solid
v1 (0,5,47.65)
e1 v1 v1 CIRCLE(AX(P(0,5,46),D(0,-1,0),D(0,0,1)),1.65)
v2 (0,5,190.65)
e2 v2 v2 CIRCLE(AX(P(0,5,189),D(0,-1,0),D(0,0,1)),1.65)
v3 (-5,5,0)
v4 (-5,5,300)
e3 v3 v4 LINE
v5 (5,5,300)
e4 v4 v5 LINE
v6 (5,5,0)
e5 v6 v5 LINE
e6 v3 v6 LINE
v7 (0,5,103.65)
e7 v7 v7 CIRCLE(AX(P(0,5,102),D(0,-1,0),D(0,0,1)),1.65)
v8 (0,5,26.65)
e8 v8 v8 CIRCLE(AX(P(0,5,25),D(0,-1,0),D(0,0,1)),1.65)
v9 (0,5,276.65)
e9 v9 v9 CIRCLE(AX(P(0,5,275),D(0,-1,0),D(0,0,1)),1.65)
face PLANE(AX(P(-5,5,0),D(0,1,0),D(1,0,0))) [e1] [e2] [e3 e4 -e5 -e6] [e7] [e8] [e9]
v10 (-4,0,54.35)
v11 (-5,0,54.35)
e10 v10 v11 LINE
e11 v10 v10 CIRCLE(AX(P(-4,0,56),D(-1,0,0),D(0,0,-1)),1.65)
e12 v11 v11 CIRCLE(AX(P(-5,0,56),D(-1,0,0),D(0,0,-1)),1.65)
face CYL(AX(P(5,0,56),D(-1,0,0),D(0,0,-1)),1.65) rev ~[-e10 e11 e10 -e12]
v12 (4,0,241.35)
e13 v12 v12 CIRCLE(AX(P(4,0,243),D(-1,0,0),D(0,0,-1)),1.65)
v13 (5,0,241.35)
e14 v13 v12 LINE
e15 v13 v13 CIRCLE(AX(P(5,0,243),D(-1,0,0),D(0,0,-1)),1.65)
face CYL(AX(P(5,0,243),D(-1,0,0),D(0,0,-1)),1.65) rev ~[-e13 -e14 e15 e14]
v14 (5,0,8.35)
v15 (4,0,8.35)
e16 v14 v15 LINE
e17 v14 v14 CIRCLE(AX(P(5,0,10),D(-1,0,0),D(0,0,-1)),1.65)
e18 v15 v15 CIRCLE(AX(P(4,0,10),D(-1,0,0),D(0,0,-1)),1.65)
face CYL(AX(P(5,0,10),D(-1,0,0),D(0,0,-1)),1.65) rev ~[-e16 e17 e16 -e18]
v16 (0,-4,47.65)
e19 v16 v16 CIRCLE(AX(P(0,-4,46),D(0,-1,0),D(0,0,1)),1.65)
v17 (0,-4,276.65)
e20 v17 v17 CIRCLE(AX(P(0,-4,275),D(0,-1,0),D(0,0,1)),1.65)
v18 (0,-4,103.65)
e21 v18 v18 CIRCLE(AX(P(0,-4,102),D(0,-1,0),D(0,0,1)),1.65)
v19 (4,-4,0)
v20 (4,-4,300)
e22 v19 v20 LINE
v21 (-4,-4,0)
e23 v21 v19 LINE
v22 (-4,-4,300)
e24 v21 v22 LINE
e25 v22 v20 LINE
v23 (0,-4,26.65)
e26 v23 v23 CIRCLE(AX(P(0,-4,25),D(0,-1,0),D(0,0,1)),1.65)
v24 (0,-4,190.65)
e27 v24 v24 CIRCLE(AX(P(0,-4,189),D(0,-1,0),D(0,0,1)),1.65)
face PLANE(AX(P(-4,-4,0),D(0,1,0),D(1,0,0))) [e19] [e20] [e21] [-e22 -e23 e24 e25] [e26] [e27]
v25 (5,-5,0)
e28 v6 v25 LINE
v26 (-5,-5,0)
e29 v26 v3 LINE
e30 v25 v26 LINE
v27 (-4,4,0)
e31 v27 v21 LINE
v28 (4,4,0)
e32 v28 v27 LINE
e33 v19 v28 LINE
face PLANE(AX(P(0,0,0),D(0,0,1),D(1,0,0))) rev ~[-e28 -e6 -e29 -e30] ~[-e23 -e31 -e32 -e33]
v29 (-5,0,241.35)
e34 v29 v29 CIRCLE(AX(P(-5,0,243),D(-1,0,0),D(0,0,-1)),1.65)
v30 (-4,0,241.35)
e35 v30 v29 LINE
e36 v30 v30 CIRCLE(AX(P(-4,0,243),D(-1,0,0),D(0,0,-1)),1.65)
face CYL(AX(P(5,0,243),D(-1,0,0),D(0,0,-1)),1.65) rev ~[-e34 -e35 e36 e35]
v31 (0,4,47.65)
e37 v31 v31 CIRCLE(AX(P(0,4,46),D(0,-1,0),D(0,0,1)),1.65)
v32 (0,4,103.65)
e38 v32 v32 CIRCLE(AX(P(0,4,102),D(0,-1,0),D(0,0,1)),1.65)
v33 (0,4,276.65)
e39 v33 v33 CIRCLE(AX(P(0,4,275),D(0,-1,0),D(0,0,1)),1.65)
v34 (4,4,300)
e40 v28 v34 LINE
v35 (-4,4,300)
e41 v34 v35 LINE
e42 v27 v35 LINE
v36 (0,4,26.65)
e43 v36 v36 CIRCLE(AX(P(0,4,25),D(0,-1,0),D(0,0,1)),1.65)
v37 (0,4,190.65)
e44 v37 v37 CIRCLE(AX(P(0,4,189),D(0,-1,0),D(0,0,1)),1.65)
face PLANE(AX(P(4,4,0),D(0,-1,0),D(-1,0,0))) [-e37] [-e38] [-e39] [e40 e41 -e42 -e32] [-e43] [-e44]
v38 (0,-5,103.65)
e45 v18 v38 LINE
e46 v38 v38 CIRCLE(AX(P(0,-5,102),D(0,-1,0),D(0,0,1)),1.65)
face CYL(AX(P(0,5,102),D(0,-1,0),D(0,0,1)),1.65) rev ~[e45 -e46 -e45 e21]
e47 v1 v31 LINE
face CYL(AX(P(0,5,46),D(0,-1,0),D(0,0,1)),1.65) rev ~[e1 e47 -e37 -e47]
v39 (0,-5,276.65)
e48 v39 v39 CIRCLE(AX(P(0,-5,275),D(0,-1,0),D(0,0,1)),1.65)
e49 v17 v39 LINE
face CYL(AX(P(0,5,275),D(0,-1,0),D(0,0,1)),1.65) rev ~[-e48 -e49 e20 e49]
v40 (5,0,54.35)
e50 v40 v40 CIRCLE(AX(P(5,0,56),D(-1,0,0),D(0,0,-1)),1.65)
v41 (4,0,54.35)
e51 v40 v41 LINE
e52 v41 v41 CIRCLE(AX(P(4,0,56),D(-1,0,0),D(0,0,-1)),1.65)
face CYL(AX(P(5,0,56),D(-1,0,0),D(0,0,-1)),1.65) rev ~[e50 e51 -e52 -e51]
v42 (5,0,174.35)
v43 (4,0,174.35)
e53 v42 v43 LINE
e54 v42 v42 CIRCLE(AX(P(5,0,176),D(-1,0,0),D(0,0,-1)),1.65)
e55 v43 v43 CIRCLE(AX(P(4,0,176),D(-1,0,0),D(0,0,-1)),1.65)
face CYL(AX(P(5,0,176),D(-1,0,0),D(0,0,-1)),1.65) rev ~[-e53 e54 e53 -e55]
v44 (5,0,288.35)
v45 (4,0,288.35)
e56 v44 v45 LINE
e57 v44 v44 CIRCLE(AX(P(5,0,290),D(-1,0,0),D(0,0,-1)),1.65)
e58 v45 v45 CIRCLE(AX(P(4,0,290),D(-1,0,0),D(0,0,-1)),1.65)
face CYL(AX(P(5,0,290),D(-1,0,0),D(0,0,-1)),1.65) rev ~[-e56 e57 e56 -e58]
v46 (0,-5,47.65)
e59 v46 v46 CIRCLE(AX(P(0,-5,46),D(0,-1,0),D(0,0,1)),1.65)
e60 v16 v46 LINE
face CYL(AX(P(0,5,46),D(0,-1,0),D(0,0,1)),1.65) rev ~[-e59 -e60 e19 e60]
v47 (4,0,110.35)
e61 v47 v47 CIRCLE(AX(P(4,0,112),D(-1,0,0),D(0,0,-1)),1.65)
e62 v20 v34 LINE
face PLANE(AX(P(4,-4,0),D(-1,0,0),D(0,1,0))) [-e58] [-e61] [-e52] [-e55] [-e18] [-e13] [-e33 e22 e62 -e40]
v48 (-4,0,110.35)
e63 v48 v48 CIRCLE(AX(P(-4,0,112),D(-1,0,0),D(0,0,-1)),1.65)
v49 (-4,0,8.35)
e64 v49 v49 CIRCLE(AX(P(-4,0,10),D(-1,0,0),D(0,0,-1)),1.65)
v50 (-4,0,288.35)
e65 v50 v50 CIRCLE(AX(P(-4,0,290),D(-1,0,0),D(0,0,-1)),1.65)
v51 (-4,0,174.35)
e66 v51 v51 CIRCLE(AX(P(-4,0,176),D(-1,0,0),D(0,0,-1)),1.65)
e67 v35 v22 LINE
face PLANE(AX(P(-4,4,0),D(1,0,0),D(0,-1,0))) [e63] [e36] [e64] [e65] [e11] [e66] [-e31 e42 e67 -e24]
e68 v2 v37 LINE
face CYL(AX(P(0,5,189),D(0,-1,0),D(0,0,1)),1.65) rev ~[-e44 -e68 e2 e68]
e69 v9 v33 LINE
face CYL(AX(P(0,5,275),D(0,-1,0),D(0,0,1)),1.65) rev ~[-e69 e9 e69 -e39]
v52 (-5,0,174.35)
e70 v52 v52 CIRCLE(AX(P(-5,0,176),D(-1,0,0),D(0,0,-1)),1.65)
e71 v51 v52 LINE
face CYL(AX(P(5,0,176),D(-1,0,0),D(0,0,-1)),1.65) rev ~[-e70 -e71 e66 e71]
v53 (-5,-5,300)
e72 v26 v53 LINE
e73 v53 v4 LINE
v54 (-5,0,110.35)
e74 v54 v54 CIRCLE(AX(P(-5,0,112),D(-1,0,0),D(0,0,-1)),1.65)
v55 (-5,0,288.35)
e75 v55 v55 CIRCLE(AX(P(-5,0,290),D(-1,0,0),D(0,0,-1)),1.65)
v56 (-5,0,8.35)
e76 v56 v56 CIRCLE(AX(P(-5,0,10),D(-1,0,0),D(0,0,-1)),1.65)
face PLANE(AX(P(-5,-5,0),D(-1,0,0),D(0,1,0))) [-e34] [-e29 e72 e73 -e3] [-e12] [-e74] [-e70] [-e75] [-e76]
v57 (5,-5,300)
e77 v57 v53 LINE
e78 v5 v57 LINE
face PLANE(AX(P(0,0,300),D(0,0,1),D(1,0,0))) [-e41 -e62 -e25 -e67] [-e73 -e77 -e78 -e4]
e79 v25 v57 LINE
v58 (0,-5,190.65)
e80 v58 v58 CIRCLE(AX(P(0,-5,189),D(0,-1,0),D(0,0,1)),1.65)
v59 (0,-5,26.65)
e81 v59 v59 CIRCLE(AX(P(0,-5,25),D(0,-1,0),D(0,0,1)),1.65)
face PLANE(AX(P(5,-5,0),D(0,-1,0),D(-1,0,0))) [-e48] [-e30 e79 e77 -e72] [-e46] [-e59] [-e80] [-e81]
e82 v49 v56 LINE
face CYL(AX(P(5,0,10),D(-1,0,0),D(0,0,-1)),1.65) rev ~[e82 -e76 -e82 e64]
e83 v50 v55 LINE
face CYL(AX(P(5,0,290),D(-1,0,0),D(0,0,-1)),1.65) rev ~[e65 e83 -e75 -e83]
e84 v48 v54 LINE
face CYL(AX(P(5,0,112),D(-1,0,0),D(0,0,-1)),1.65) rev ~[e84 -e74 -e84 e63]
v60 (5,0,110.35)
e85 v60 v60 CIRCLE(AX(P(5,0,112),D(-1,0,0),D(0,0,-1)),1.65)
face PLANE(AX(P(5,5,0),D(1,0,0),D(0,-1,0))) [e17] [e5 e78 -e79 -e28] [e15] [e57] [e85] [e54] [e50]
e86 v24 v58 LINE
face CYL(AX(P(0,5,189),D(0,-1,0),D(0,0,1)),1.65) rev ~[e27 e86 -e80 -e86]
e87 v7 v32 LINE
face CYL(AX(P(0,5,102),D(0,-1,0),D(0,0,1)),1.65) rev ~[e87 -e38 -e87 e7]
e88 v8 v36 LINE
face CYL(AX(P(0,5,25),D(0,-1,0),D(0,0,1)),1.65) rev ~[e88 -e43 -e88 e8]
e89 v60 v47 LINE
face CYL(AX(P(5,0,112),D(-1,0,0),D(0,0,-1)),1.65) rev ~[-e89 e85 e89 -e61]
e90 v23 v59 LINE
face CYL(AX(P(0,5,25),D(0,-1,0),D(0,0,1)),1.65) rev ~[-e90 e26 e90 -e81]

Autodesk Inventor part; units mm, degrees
ref_plane "YZ Plane" through (0, 0, 0) normal (1, 0, 0) x (0, 1, 0)
ref_plane "XZ Plane" through (0, 0, 0) normal (0, 1, 0) x (-1, 0, 0)
ref_plane "XY Plane" through (0, 0, 0) normal (0, 0, 1) x (1, 0, 0)
sketch "スケッチ1" plane through (0, 0, 0) normal (0, 0, 1) x (1, 0, 0)
  line L0 (5, -5) -> (-5, -5)
  line L1 (-5, -5) -> (-5, 5)
  line L2 (-5, 5) -> (5, 5)
  line L3 (5, 5) -> (5, -5)
  line L4 (5, -5) -> (-5, 5) construction
  line L5 (-5, -5) -> (5, 5) construction
  line L6 (4, 4) -> (-4, 4)
  line L7 (-4, 4) -> (-4, -4)
  line L8 (-4, -4) -> (4, -4)
  line L9 (4, -4) -> (4, 4)
  point P0 (0, 0)
  dimension "d0" = 10
  dimension "d1" = 10
  dimension "d2" = 1
extrude "押し出し1" add sketch "スケッチ1" along normal blind 300
sketch "スケッチ2" plane through (5, -5, 0) normal (1, 0, 0) x (0, 0, -1)
  line L0 (0, 0) -> (0, 10) projected
  line L1 (0, 10) -> (-300, 10) projected
  line L2 (-300, 0) -> (-300, 10) projected
  line L3 (0, 0) -> (-300, 0) projected
  line L4 (0, 5) -> (-300, 5)
  line L5 (-300, 0) -> (-300, 10) projected
  point P0 (-290, 5)
  point P1 (-176, 5)
  point P2 (-56, 5)
  point P3 (-10, 5)
  point P4 (-112, 5)
  point P5 (-243, 5)
  point P6 (-149.5, 5)
  dimension "d7" = 120
  dimension "d25" = 10
  dimension "d26" = 46
  dimension "d27" = 10
  dimension "d28" = 114
  dimension "d29" = 56
  dimension "d34" = 26.5
  dimension "d35" = 93.5
  dimension "d36" = 93.5
hole "穴1" at (5, 0, 290) at (5, 0, 176) at (5, 0, 56) at (5, 0, 10) at (5, 0, 112) at (5, 0, 243) direction (-1, 0, 0) diameter 3.3 end through all
sketch "スケッチ3" plane through (-5, 5, 0) normal (0, 1, 0) x (1, 0, 0)
  line L0 (10, 0) -> (0, 0) projected
  line L1 (0, 0) -> (0, -300) projected
  line L2 (10, -300) -> (0, -300) projected
  line L3 (10, 0) -> (10, -300) projected
  line L4 (5, -300) -> (5, 0)
  point P0 (5, -275)
  point P1 (5, -46)
  point P2 (5, -102)
  point P3 (5, -189)
  point P4 (5, -25)
  dimension "d17" = 25
  dimension "d30" = 46
  dimension "d31" = 56
  dimension "d32" = 87
  dimension "d33" = 25
hole "穴2" at (0, 5, 275) at (0, 5, 46) at (0, 5, 102) at (0, 5, 189) at (0, 5, 25) direction (0, -1, 0) diameter 3.3 end through all
equation "\"d35\" = d36"
properties part number "small_kaku_1010_200"
